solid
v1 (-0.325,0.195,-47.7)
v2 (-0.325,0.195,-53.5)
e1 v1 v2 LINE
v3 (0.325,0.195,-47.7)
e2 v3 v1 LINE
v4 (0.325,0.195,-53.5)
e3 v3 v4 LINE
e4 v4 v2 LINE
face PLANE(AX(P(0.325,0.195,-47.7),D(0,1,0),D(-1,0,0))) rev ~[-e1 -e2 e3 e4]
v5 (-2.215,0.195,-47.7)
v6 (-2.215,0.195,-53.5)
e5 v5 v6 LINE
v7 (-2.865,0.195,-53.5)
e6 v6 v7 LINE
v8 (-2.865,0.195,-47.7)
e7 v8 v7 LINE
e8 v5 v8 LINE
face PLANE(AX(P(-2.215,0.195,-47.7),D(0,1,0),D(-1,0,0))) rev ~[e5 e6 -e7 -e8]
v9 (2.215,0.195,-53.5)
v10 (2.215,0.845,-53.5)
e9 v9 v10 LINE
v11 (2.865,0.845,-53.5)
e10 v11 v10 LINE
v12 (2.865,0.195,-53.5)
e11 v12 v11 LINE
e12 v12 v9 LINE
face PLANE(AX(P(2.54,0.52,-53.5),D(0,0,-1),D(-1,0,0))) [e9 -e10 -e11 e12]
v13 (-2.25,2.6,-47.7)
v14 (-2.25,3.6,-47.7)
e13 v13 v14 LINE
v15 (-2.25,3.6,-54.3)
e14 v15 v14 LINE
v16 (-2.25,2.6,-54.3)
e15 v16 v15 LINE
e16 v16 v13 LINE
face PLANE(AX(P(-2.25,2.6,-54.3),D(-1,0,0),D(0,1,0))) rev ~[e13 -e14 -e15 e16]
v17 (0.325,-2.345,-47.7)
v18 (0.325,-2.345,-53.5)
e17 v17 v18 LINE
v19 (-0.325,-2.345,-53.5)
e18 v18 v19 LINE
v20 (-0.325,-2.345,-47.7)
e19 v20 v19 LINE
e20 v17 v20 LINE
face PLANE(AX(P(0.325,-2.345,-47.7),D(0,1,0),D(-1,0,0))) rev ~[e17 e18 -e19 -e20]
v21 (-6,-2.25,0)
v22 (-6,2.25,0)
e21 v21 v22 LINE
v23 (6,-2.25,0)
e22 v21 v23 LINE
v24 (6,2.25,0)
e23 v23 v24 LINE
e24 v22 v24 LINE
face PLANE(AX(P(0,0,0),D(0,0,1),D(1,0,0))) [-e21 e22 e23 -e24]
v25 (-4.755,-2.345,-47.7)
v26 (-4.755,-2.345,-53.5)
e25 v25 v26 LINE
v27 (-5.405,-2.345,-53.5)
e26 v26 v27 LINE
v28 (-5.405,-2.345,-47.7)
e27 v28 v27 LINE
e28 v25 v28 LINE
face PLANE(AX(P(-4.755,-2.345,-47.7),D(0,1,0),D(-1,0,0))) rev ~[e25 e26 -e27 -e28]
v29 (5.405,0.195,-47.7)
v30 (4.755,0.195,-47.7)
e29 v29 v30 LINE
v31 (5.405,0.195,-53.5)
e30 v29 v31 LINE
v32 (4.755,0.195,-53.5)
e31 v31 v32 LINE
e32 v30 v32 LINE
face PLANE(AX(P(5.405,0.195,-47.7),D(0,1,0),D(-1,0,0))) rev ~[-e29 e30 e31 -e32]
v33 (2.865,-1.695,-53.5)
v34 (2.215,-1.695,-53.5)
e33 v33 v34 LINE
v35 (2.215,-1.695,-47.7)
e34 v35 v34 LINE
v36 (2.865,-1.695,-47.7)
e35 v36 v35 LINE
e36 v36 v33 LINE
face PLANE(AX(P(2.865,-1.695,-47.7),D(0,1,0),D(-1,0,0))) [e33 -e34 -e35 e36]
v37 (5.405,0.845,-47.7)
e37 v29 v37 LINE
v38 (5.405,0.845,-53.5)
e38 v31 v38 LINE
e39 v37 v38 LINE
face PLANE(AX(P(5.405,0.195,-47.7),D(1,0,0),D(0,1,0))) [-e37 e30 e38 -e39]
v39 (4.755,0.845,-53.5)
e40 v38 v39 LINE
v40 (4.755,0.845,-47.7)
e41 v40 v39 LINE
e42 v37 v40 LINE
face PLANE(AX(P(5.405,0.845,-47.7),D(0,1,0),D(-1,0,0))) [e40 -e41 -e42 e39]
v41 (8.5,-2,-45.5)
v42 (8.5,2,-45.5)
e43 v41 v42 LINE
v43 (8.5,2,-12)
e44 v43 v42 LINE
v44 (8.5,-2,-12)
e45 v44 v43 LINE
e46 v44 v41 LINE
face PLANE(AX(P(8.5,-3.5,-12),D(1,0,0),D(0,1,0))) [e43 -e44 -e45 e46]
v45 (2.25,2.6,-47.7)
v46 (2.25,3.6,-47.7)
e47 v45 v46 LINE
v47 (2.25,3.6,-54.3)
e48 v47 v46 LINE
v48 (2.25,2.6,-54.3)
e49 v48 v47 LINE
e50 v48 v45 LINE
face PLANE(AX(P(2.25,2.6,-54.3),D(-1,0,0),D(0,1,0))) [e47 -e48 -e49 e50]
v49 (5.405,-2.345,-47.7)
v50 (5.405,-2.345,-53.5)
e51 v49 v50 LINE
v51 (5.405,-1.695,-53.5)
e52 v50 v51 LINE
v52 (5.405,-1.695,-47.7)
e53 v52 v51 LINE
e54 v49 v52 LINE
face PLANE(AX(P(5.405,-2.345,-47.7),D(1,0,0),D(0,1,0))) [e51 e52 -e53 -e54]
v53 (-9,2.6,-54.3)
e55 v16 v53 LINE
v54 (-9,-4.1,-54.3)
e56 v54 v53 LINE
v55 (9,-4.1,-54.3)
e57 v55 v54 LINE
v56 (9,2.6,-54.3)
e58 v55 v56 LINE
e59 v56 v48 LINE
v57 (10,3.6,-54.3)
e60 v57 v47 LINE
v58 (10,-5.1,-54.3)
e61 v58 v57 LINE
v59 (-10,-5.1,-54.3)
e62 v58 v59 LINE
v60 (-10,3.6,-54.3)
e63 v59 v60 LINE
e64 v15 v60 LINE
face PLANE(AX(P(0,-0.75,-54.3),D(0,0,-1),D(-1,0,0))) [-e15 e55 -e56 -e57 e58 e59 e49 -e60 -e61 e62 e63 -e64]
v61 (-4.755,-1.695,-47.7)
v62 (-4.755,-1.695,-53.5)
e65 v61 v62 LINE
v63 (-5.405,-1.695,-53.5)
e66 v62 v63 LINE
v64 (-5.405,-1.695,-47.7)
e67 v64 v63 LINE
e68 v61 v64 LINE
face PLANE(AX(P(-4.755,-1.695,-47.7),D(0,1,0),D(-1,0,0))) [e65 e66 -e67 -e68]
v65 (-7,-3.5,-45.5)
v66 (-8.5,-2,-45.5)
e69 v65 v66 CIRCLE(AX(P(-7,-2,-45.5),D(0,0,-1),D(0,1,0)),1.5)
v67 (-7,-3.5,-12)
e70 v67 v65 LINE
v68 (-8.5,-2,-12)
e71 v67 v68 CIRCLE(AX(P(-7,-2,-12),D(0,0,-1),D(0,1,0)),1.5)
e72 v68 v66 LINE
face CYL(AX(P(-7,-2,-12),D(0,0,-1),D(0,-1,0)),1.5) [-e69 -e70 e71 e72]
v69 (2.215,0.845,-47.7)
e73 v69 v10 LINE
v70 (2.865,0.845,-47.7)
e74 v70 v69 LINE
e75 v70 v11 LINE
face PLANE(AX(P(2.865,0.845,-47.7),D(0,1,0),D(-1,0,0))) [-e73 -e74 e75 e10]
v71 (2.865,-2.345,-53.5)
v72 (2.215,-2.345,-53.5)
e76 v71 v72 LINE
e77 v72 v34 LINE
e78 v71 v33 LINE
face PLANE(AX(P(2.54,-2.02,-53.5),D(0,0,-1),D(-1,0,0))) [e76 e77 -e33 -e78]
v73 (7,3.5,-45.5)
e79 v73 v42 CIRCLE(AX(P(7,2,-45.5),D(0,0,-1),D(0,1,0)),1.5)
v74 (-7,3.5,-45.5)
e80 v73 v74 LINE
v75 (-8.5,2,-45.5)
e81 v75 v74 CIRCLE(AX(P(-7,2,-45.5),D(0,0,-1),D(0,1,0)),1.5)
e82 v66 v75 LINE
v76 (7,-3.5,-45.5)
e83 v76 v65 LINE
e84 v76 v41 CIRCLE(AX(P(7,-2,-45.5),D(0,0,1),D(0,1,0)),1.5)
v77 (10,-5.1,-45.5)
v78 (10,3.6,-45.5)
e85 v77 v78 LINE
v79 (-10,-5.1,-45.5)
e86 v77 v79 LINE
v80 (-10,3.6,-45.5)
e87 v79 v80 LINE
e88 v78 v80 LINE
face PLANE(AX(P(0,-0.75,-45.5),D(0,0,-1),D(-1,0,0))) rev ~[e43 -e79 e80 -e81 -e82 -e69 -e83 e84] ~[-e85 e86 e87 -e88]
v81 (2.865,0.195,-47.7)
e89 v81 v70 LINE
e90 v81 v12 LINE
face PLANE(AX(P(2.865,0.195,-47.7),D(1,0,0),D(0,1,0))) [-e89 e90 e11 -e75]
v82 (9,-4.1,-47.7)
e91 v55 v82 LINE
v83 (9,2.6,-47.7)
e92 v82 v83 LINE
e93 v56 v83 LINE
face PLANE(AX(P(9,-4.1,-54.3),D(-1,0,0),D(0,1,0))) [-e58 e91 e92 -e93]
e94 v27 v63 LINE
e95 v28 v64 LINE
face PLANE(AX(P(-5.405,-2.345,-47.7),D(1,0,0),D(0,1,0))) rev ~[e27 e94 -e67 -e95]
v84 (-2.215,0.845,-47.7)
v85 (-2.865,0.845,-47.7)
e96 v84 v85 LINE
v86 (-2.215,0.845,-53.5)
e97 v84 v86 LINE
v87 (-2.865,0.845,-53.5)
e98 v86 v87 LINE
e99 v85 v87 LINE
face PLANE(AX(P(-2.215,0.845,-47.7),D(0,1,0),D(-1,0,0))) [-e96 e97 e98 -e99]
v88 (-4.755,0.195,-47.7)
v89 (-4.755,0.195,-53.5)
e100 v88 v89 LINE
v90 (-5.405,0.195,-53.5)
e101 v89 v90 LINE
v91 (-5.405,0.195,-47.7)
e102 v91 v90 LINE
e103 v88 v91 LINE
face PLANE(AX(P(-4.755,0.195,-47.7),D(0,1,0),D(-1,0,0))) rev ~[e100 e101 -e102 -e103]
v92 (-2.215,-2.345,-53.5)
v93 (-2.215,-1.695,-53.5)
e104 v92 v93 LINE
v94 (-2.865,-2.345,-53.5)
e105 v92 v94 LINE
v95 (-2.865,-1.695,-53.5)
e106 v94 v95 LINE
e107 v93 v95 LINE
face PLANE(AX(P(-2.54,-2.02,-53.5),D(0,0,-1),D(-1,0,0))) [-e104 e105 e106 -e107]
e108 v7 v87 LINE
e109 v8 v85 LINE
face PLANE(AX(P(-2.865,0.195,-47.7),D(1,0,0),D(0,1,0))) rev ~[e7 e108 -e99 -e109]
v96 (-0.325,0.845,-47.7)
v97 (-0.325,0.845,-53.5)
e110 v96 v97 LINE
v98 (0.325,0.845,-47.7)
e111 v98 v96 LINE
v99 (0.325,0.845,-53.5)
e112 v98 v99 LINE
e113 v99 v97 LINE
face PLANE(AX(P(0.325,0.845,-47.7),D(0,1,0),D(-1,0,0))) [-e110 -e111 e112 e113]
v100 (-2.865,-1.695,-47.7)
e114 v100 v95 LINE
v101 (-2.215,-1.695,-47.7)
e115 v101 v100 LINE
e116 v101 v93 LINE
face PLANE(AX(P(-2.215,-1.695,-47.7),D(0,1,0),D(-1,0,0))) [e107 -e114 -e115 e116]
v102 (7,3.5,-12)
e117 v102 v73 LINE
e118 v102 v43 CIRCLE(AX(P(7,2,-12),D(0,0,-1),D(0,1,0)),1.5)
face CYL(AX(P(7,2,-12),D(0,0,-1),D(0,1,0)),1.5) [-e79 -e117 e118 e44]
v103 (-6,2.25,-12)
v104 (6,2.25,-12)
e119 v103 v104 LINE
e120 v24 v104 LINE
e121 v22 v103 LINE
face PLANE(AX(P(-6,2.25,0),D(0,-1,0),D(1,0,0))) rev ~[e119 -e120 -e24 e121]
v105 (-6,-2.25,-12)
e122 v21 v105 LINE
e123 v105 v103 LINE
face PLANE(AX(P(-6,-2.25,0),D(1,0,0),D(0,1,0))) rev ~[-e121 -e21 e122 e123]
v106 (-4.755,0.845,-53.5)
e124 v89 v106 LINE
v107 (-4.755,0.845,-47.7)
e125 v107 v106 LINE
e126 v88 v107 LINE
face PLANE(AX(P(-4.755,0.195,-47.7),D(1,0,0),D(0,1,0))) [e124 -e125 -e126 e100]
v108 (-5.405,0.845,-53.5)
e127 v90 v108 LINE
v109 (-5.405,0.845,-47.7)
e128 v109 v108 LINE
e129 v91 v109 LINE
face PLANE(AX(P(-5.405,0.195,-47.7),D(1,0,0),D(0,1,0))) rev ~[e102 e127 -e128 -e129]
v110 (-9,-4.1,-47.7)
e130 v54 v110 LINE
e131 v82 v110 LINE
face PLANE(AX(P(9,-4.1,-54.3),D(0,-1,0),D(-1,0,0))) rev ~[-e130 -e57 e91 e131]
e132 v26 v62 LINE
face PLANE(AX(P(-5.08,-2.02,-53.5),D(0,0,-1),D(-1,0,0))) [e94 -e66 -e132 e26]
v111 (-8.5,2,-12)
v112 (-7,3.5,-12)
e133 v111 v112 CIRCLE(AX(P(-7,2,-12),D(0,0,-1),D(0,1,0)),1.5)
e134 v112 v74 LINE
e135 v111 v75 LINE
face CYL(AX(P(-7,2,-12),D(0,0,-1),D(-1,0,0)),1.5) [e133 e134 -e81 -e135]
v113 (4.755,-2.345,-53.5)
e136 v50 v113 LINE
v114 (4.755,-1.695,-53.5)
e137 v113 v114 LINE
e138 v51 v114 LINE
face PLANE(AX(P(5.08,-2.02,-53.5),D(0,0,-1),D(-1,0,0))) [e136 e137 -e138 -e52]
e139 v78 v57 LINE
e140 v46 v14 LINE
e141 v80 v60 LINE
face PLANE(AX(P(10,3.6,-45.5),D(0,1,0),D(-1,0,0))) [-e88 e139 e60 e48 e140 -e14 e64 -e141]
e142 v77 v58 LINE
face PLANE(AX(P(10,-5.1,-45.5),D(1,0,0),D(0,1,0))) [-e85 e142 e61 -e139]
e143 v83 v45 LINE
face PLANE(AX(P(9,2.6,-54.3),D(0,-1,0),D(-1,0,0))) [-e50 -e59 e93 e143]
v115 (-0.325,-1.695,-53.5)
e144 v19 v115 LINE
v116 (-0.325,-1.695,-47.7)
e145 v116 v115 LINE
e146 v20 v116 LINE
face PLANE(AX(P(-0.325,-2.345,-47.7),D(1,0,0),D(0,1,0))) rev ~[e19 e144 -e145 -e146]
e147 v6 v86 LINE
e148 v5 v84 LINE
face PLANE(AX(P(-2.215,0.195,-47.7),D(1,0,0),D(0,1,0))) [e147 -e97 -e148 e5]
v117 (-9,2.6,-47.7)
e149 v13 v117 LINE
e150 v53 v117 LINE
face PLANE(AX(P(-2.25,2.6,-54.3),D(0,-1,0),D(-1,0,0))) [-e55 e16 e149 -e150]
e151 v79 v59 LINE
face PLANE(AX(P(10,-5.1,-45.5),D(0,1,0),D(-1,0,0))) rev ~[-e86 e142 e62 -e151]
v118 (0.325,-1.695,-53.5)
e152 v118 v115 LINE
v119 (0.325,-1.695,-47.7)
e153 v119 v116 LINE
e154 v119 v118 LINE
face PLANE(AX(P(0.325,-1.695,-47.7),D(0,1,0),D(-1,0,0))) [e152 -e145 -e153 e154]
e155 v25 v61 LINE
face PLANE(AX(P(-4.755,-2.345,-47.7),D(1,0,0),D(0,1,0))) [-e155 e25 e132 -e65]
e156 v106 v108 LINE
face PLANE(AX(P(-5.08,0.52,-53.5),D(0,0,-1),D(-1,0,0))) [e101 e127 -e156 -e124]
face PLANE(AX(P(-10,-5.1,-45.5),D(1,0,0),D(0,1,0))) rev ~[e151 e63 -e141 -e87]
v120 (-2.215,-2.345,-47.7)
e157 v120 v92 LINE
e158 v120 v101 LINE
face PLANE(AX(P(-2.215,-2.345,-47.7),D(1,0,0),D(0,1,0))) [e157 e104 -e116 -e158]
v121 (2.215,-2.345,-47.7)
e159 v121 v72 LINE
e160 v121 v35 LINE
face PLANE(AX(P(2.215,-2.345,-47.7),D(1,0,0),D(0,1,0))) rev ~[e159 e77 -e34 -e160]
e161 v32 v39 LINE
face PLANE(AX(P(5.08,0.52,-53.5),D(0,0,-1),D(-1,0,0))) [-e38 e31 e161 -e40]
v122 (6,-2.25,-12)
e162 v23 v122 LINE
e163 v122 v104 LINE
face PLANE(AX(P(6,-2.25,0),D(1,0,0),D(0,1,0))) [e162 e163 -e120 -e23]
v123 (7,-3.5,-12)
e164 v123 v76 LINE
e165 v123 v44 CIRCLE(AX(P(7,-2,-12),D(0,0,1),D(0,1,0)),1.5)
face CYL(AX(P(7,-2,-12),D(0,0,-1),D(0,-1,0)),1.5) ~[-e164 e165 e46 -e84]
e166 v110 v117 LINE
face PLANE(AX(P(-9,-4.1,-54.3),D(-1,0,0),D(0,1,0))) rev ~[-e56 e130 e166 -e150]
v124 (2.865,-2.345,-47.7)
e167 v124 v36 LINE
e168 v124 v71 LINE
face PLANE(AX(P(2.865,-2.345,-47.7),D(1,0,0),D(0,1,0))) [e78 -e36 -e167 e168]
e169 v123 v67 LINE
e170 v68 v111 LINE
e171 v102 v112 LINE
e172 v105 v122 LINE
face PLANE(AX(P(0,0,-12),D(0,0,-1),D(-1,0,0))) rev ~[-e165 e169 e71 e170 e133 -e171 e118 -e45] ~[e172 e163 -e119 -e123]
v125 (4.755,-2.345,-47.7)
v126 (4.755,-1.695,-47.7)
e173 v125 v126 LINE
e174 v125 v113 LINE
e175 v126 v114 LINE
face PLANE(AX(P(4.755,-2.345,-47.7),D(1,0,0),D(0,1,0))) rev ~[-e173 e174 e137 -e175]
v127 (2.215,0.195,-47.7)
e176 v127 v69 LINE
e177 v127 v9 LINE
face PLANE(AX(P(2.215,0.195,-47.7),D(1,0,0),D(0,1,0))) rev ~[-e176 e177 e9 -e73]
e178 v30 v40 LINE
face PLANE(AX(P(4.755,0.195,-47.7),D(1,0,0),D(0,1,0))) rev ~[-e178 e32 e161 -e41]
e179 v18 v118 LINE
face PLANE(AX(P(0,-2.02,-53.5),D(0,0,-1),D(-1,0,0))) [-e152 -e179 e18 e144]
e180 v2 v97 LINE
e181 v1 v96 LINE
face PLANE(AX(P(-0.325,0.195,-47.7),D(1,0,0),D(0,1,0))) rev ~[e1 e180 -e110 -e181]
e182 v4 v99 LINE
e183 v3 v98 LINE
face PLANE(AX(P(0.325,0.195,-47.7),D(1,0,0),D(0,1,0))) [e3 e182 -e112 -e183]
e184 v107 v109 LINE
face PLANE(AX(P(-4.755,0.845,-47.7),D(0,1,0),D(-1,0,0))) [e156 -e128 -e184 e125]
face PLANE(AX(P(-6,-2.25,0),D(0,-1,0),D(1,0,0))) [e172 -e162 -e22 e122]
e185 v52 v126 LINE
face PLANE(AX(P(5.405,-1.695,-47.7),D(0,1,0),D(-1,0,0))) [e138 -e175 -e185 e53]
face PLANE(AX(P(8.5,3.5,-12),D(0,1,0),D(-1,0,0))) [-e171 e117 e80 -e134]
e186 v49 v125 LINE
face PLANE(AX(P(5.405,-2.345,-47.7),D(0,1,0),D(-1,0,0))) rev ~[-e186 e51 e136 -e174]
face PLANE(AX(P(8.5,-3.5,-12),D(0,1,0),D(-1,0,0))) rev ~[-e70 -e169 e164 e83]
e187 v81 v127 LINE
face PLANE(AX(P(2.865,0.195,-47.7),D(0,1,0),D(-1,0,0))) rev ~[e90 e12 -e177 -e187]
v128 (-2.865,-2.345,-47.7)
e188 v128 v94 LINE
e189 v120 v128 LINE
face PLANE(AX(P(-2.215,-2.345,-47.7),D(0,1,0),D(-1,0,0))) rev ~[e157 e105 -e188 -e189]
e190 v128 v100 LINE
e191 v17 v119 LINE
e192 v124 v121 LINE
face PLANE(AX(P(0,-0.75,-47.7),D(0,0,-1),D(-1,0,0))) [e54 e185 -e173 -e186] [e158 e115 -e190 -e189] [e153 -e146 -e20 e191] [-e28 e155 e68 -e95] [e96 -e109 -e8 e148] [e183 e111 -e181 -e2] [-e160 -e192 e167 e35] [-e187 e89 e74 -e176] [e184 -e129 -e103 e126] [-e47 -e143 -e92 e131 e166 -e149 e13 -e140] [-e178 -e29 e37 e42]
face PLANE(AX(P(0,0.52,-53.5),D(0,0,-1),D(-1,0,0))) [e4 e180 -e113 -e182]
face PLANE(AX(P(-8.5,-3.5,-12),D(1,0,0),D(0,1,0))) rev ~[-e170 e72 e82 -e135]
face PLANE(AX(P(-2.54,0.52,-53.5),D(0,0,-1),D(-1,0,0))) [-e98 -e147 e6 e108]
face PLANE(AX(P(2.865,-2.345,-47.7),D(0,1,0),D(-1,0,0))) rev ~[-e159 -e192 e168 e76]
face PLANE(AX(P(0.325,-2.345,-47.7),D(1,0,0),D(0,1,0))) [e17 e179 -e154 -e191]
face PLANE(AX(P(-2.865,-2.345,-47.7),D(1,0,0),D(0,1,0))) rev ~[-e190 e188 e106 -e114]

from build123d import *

# Parameters (mm, degrees)
SKETCH1_W           = 12
SKETCH1_H           = 4.5
BOSS_EXTRUDE1_DEPTH = 12
SKETCH2_W           = 17
SKETCH2_H           = 7
BOSS_EXTRUDE2_DEPTH = 33.5
SKETCH3_W           = 20
SKETCH3_H           = 8.7
BOSS_EXTRUDE3_DEPTH = 8.8
SKETCH4_W           = 18
SKETCH4_H           = 6.7
SKETCH4_W_2         = 4.5
SKETCH4_H_2         = 1
CUT_EXTRUDE2_DEPTH  = 6.6
SKETCH5_W           = 0.65
SKETCH5_H           = 0.65
BOSS_EXTRUDE4_DEPTH = 5.8
LPATTERN1_COUNT     = 3
LPATTERN1_PITCH     = 2.54
LPATTERN1_COL_COUNT = 3
LPATTERN1_COL_PITCH = 2.54
FILLET1_R           = 1.5


with BuildPart() as part:
    # Sketch1 → Boss-Extrude1 (new body)
    with BuildSketch(Plane.XY):
        Rectangle(SKETCH1_W, SKETCH1_H)
    extrude(amount=-BOSS_EXTRUDE1_DEPTH)

    # Sketch2 → Boss-Extrude2 (add)
    with BuildSketch(Plane(origin=(0, 0, -12), x_dir=(-1, 0, 0), z_dir=(0, 0, -1))):
        Rectangle(SKETCH2_W, SKETCH2_H)
    extrude(amount=BOSS_EXTRUDE2_DEPTH)

    # Sketch3 → Boss-Extrude3 (add)
    with BuildSketch(Plane(origin=(0, 0, -45.5), x_dir=(-1, 0, 0), z_dir=(0, 0, -1))):
        with Locations((0, -0.75)):
            Rectangle(SKETCH3_W, SKETCH3_H)
    extrude(amount=BOSS_EXTRUDE3_DEPTH)

    # Sketch4 → Cut-Extrude2 (cut)
    with BuildSketch(Plane(origin=(0, 0, -54.3), x_dir=(-1, 0, 0), z_dir=(0, 0, -1))):
        with Locations((0, -0.75)):
            Rectangle(SKETCH4_W, SKETCH4_H)
        with Locations((0, 3.1)):
            Rectangle(SKETCH4_W_2, SKETCH4_H_2)
    extrude(amount=-CUT_EXTRUDE2_DEPTH, mode=Mode.SUBTRACT)

    # Sketch5 → Boss-Extrude4 (add)
    with BuildSketch(Plane(origin=(0, 0, -47.7), x_dir=(-1, 0, 0), z_dir=(0, 0, -1))):
        with Locations((0, 0.52)):
            Rectangle(SKETCH5_W, SKETCH5_H)
        with Locations((0, -2.02)):
            Rectangle(SKETCH5_W, SKETCH5_H)
    boss_extrude4 = extrude(amount=BOSS_EXTRUDE4_DEPTH)

    # LPattern1: Boss-Extrude4 ×3
    with Locations(*[(i * LPATTERN1_PITCH, 0, 0) for i in range(1, LPATTERN1_COUNT)]):
        add(boss_extrude4)

    # LPattern1 col: Boss-Extrude4 ×3
    with Locations(*[(-i * LPATTERN1_COL_PITCH, 0, 0) for i in range(1, LPATTERN1_COL_COUNT)]):
        add(boss_extrude4)

    # Fillet1
    fillet1_edges = [part.edges().sort_by_distance(p)[0] for p in [
        (8.5, 3.5, -28.75),
        (8.5, -3.5, -28.75),
        (-8.5, -3.5, -28.75),
        (-8.5, 3.5, -28.75),
    ]]
    fillet(fillet1_edges, radius=FILLET1_R)


solid = part.part
